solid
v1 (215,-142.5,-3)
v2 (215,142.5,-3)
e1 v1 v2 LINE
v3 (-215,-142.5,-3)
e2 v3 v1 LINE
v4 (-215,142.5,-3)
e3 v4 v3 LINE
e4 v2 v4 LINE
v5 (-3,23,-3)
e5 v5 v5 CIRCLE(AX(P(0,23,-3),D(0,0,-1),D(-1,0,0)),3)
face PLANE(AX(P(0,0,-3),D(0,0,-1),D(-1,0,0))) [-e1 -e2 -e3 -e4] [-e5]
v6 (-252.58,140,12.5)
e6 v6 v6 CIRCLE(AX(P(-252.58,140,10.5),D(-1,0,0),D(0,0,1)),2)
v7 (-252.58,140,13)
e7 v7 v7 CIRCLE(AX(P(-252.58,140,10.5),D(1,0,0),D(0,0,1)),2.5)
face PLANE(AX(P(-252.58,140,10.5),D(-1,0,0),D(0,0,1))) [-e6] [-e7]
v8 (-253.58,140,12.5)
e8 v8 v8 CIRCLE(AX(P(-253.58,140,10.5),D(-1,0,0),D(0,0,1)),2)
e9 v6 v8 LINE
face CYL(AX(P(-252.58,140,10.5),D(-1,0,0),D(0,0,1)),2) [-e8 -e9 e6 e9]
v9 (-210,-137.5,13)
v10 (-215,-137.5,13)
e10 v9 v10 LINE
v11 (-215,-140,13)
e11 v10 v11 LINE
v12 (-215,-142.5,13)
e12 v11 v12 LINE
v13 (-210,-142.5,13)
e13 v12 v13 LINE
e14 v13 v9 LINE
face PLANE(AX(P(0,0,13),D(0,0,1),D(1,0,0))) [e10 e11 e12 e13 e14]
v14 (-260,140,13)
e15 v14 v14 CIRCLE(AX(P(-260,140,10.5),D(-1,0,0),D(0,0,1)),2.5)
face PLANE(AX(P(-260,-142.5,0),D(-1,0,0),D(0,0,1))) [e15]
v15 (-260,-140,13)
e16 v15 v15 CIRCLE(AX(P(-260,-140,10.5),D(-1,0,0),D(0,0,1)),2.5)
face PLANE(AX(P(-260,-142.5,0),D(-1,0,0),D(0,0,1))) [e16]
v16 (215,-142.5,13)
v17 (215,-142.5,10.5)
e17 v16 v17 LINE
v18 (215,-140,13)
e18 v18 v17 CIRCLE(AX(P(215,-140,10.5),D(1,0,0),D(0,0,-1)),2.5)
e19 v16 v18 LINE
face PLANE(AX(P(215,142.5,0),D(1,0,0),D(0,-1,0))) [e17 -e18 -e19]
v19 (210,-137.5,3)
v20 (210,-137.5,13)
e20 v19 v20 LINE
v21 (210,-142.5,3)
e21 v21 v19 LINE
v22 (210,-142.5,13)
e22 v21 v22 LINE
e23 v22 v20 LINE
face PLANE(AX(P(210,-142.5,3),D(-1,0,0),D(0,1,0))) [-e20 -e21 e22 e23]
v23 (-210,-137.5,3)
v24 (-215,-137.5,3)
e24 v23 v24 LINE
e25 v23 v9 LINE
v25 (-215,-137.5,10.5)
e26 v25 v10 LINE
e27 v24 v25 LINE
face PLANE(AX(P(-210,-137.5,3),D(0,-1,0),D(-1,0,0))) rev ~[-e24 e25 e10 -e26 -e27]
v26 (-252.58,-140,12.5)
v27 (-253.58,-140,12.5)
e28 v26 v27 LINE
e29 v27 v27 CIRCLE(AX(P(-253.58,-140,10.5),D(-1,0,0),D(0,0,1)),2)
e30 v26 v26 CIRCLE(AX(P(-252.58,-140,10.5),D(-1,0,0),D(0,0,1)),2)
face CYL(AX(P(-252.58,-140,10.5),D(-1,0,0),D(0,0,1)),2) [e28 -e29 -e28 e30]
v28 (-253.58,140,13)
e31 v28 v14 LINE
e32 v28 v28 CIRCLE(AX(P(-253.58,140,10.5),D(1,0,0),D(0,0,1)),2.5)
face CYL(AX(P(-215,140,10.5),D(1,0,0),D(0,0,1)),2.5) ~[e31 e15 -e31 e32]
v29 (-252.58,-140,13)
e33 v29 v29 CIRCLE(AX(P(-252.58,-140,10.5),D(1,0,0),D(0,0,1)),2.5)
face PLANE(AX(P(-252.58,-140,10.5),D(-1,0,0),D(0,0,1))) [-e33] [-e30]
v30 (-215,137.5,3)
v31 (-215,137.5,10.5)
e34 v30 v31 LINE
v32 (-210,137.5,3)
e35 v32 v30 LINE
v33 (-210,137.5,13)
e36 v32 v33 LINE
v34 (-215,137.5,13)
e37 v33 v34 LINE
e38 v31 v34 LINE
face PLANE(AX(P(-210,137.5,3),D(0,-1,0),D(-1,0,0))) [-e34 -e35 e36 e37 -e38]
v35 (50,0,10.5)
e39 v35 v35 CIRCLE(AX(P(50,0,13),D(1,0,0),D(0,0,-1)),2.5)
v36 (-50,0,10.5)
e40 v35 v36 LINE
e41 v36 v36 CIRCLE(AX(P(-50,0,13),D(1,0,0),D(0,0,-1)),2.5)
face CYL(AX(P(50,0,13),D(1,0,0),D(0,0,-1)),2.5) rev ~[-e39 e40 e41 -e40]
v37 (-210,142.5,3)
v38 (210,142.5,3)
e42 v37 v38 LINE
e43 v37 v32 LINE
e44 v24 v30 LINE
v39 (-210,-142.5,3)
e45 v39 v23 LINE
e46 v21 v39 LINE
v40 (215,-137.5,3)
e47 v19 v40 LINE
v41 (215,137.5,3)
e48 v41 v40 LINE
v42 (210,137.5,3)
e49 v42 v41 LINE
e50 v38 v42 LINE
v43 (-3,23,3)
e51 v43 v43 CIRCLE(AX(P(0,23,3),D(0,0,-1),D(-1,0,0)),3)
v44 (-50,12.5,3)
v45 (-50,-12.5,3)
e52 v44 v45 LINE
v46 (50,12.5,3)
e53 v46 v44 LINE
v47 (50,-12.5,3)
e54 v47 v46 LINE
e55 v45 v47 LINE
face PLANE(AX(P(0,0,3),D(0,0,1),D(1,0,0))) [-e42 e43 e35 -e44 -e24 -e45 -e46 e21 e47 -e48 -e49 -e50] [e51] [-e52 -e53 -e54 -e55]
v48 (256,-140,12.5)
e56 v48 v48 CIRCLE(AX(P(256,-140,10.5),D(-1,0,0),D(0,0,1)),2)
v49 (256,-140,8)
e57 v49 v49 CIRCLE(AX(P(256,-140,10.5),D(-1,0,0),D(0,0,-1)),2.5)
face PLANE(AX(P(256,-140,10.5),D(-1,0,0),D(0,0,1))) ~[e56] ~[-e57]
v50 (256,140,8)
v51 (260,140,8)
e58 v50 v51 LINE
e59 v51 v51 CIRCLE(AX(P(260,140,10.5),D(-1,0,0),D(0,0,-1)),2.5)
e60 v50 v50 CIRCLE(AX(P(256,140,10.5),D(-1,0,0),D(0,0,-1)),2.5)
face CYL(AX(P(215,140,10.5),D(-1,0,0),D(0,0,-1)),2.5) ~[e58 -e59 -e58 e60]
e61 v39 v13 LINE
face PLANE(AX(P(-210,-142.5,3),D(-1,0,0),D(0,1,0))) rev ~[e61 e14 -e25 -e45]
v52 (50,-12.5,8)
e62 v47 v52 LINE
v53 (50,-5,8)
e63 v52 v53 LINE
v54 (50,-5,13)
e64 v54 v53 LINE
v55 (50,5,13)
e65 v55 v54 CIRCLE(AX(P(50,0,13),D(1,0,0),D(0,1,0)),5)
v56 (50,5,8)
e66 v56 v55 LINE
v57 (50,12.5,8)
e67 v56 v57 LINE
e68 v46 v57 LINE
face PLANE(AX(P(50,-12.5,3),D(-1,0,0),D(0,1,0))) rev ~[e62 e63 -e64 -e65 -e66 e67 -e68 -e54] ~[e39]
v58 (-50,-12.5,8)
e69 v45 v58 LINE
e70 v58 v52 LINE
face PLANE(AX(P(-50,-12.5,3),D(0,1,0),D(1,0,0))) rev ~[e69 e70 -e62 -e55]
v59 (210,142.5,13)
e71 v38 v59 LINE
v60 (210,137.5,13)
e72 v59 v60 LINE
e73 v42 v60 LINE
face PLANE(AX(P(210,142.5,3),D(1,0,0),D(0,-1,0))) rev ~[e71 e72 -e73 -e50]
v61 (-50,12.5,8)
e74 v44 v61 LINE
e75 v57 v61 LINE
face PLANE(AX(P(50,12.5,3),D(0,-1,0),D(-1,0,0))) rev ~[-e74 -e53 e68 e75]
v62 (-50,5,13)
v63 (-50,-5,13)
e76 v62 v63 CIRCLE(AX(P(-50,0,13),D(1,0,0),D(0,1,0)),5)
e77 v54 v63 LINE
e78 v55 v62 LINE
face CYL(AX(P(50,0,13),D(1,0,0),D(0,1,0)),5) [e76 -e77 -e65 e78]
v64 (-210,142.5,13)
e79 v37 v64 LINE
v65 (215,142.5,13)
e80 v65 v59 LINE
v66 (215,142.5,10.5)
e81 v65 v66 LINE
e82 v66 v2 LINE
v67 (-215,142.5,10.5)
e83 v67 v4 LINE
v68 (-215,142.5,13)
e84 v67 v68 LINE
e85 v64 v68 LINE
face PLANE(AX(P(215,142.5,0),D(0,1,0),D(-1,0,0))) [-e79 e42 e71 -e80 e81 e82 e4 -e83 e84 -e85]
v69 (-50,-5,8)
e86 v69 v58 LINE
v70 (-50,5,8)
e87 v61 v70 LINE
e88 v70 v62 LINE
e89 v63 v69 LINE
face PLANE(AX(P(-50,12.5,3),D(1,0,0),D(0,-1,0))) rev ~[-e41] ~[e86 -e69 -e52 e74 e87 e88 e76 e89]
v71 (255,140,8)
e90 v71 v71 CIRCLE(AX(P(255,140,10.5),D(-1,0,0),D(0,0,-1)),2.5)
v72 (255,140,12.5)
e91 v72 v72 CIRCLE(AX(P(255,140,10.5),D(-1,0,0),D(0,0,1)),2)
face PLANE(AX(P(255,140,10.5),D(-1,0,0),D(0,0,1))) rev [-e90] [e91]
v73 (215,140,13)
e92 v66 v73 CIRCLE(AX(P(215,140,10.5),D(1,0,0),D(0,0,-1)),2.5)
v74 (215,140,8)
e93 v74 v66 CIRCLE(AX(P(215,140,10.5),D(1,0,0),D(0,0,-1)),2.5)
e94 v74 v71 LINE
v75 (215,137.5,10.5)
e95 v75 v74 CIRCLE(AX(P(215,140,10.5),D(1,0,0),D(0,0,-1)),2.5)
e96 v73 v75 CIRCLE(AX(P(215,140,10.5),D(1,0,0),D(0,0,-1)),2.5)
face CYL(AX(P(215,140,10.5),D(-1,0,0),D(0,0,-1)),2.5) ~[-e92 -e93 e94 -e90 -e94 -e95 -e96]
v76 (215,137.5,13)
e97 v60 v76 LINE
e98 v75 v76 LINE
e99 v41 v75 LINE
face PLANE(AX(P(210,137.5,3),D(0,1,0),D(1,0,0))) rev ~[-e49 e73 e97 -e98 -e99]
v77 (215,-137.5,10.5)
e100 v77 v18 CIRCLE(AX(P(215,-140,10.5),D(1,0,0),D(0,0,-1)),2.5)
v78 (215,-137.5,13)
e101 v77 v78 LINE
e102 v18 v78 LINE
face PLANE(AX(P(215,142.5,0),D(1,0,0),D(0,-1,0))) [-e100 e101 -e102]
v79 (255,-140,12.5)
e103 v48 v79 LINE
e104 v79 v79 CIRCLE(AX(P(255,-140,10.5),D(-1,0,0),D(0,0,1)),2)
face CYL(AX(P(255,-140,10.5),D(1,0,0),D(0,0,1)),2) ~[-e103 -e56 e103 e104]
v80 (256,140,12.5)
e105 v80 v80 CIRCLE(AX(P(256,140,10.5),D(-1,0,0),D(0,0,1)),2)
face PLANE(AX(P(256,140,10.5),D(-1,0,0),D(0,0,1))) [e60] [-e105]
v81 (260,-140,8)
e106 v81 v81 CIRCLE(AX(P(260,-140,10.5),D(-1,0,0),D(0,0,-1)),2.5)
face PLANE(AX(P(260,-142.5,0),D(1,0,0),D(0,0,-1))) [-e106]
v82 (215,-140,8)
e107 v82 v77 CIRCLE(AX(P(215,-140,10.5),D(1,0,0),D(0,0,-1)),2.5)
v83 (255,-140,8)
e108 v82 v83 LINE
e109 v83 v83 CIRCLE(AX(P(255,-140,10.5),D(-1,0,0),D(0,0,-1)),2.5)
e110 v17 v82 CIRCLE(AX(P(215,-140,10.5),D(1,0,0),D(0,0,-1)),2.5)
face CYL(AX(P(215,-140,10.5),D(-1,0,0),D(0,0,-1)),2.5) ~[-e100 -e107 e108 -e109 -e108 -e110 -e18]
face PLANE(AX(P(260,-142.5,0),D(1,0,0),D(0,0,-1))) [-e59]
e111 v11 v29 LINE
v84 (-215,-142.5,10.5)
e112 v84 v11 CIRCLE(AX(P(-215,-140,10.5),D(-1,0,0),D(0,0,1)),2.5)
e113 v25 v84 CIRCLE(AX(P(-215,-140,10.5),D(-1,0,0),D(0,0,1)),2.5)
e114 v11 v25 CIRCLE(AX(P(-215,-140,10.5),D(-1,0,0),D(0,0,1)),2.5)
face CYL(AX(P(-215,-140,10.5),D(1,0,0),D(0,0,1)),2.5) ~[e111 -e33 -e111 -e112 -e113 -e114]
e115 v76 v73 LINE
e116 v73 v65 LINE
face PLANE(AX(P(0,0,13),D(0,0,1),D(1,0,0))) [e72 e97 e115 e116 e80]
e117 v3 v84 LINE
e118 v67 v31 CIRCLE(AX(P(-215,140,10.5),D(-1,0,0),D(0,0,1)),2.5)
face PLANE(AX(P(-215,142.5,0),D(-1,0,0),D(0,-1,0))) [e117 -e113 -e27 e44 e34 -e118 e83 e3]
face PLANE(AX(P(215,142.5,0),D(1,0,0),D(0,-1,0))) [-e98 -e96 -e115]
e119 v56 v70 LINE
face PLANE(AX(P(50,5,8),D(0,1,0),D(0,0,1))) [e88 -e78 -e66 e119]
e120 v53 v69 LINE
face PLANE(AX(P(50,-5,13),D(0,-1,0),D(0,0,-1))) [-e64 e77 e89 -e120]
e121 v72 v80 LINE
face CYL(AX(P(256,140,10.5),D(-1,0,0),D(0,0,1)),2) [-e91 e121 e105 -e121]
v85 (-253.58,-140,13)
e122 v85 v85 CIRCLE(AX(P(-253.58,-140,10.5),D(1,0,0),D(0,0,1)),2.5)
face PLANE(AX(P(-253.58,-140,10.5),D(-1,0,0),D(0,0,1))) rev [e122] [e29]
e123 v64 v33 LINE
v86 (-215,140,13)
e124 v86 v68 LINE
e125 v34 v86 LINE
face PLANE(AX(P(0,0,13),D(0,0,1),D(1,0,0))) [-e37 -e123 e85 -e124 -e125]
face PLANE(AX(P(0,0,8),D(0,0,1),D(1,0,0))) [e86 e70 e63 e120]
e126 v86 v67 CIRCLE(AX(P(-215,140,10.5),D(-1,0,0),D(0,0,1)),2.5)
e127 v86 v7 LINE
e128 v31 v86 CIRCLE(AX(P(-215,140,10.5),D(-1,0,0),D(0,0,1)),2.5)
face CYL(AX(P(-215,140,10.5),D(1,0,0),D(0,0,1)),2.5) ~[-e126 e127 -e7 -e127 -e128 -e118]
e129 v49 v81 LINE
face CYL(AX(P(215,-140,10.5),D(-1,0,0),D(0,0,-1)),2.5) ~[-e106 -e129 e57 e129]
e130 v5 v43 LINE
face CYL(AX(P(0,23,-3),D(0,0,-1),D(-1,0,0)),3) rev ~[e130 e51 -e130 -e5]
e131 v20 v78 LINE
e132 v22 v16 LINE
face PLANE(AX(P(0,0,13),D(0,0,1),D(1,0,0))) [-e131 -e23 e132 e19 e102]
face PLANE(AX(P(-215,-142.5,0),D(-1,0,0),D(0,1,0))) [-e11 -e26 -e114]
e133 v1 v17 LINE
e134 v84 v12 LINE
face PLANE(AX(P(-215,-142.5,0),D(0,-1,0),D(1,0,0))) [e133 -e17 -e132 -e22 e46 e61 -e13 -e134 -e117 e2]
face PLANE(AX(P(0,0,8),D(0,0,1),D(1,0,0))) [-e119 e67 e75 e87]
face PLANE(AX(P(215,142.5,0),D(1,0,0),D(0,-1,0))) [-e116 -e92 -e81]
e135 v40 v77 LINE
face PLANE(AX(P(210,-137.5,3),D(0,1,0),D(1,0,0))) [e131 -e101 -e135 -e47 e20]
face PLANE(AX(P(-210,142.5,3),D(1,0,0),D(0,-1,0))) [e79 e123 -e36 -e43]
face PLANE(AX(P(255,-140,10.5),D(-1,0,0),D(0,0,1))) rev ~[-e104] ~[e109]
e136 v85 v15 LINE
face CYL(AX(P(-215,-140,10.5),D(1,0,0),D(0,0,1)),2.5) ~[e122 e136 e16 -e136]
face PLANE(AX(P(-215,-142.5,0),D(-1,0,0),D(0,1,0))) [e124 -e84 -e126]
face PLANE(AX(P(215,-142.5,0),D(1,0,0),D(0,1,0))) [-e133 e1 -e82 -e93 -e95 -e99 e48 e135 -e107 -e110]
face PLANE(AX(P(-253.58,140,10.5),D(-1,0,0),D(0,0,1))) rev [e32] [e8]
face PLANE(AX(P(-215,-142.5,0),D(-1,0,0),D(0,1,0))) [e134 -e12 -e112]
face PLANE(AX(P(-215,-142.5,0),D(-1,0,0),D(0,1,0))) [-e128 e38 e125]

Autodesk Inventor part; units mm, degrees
ref_plane "YZ Plane" through (0, 0, 0) normal (1, 0, 0) x (0, 1, 0)
ref_plane "XZ Plane" through (0, 0, 0) normal (0, 1, 0) x (-1, 0, 0)
sketch "Boceto1" plane through (0, 0, 0) normal (0, 0, 1) x (1, 0, 0)
  line L0 (-215, 142.5) -> (215, 142.5)
  line L1 (215, 142.5) -> (215, -142.5)
  line L2 (215, -142.5) -> (-215, -142.5)
  line L3 (-215, -142.5) -> (-215, 142.5)
  line L4 (-215, 142.5) -> (215, -142.5) construction
  line L5 (215, 142.5) -> (-215, -142.5) construction
  point P0 (0, 0)
  dimension "d0" = 430
  dimension "d1" = 285
extrude "Extrusión1" add sketch "Boceto1" along normal blind 3
sketch "Boceto2" plane through (0, 0, 3) normal (0, 0, 1) x (1, 0, 0)
  line L0 (-50, -12.5) -> (50, -12.5)
  line L1 (50, -12.5) -> (50, 12.5)
  line L2 (50, 12.5) -> (-50, 12.5)
  line L3 (-50, 12.5) -> (-50, -12.5)
  line L4 (-50, -12.5) -> (50, 12.5) construction
  line L5 (50, -12.5) -> (-50, 12.5) construction
  point P0 (0, 0)
  dimension "d4" = 100
  dimension "d5" = 25
extrude "Extrusión2" add sketch "Boceto2" along normal blind 5
sketch "Boceto3" plane through (50, -12.5, 3) normal (1, 0, 0) x (0, 0, -1)
  line L0 (-5, 0) -> (-5, 12.5)
  arc A0 (-10, 17.5) -> (-10, 7.5) centre (-10, 12.5) ccw
  circle A1 centre (-10, 12.5) radius 2.5
  line L1 (-5, 0) -> (-5, 25) projected
  line L2 (-10, 7.5) -> (-5, 7.5)
  line L3 (-5, 7.5) -> (-5, 17.5)
  line L4 (-5, 17.5) -> (-10, 17.5)
  point P0 (3, 12.5)
  dimension "d10" = 5
extrude "Extrusión3" add sketch "Boceto3" against normal blind 100
sketch "Boceto13" plane through (0, 0, 3) normal (0, 0, 1) x (1, 0, 0)
  line L0 (215, 142.5) -> (-215, 142.5) projected
  line L1 (-215, 142.5) -> (-210, 142.5)
  line L2 (-210, 142.5) -> (-210, 137.5)
  line L3 (-210, 137.5) -> (-215, 137.5)
  line L4 (-215, 137.5) -> (-215, 142.5)
  line L5 (215, -142.5) -> (215, 142.5) projected
  line L6 (215, 142.5) -> (210, 142.5)
  line L7 (210, 142.5) -> (210, 137.5)
  line L8 (210, 137.5) -> (215, 137.5)
  line L9 (215, 137.5) -> (215, 142.5)
  line L10 (-215, -142.5) -> (215, -142.5) projected
  line L11 (215, -142.5) -> (210, -142.5)
  line L12 (210, -142.5) -> (210, -137.5)
  line L13 (210, -137.5) -> (215, -137.5)
  line L14 (215, -137.5) -> (215, -142.5)
  line L15 (-215, -142.5) -> (-210, -142.5)
  line L16 (-210, -142.5) -> (-210, -137.5)
  line L17 (-210, -137.5) -> (-215, -137.5)
  line L18 (-215, -137.5) -> (-215, -142.5)
  point P0 (0, 0)
  dimension "d39" = 5
  dimension "d40" = 5
  dimension "d41" = 5
  dimension "d42" = 5
  dimension "d43" = 5
  dimension "d44" = 5
  dimension "d45" = 5
  dimension "d46" = 5
extrude "Extrusión10" add sketch "Boceto13" along normal blind 10
sketch "Boceto16" plane through (-215, -142.5, 0) normal (-1, 0, 0) x (0, 0, 1)
  line L0 (13, 5) -> (13, 0) projected
  circle A0 centre (10.5, 2.5) radius 2.5
  line L1 (13, 285) -> (13, 280) projected
  circle A1 centre (10.5, 282.5) radius 2.5
  point P0 (0, 142.5)
extrude "Extrusión13" add sketch "Boceto16" along normal blind 45
sketch "Boceto17" plane through (215, -142.5, 0) normal (1, 0, 0) x (0, 0, -1)
  line L0 (-13, 280) -> (-13, 285) projected
  circle A0 centre (-10.5, 282.5) radius 2.5
  line L1 (-13, 0) -> (-13, 5) projected
  circle A1 centre (-10.5, 2.5) radius 2.5
  point P0 (0, 142.5)
extrude "Extrusión14" add sketch "Boceto17" along normal blind 45
ref_plane "Plano de trabajo3" through (-215, 140, 0) normal (0, 1, 0) x (1, 0, 0)
sketch "Boceto18" plane through (-215, 140, 0) normal (0, 1, 0) x (1, 0, 0)
  line L0 (475, -13) -> (475, -8) projected
  line L1 (475, -10.5) -> (470.5, -10.5)
  line L2 (470.5, -10.5) -> (470.5, -13)
  line L3 (430, -13) -> (475, -13) projected
  line L4 (470, -13.5) -> (471, -13.5)
  line L5 (471, -13.5) -> (471, -12.5)
  line L6 (471, -12.5) -> (470, -12.5)
  line L7 (470, -12.5) -> (470, -13.5)
  line L8 (470, -13.5) -> (471, -12.5) construction
  line L9 (471, -13.5) -> (470, -12.5) construction
  line L10 (-45, -8) -> (-45, -13) projected
  line L11 (-45, -10.5) -> (-38.08, -10.5)
  line L12 (-38.08, -10.5) -> (-38.08, -13)
  line L13 (0, -13) -> (-45, -13) projected
  line L14 (-38.58, -13.5) -> (-37.58, -13.5)
  line L15 (-37.58, -13.5) -> (-37.58, -12.5)
  line L16 (-37.58, -12.5) -> (-38.58, -12.5)
  line L17 (-38.58, -12.5) -> (-38.58, -13.5)
  line L18 (-38.58, -13.5) -> (-37.58, -12.5) construction
  line L19 (-37.58, -13.5) -> (-38.58, -12.5) construction
  point P0 (215, 0)
  point P1 (470, -13)
  point P2 (471, -13)
  dimension "d68" = 4.5
  dimension "d69" = 1
  dimension "d70" = 1
  dimension "d72" = 6.92
  dimension "d73" = 1
  dimension "d74" = 1
revolve "Revolución1" cut sketch "Boceto18" angle 360 about axis through (260, 140, 10.5) along (-1, 0, 0) contours L3 L2 L6 L5 | L3 L7 L6 L2 | L17 L16 L12 L13 | L13 L15 L14 L17 | L16 L15 L13 L12
ref_plane "Plano de trabajo4" through (210, -140, 3) normal (0, 1, 0) x (1, 0, 0)
sketch "Boceto19" plane through (210, -140, 3) normal (0, 1, 0) x (1, 0, 0)
  line L0 (50, -10) -> (50, -5) projected
  line L1 (50, -7.5) -> (45.5, -7.5)
  line L2 (45.5, -7.5) -> (45.5, -10)
  line L3 (5, -10) -> (50, -10) projected
  line L4 (46, -10.5) -> (45, -10.5)
  line L5 (45, -10.5) -> (45, -9.5)
  line L6 (45, -9.5) -> (46, -9.5)
  line L7 (46, -9.5) -> (46, -10.5)
  line L8 (46, -10.5) -> (45, -9.5) construction
  line L9 (45, -10.5) -> (46, -9.5) construction
  line L10 (-470, -5) -> (-470, -10) projected
  line L11 (-470, -7.5) -> (-463.08, -7.5)
  line L12 (-463.08, -7.5) -> (-463.08, -10)
  line L13 (-462.58, -10) -> (-462.58, -5) projected
  line L14 (-463.58, -10.5) -> (-462.58, -10.5)
  line L15 (-462.58, -10.5) -> (-462.58, -9.5)
  line L16 (-462.58, -9.5) -> (-463.58, -9.5)
  line L17 (-463.58, -9.5) -> (-463.58, -10.5)
  line L18 (-463.58, -10.5) -> (-462.58, -9.5) construction
  line L19 (-462.58, -10.5) -> (-463.58, -9.5) construction
  point P0 (-210, 3)
  dimension "d76" = 4.5
  dimension "d77" = 1
  dimension "d78" = 1
  dimension "d79" = 6.92
  dimension "d80" = 1
revolve "Revolución2" cut sketch "Boceto19" angle 360 about axis through (260, -140, 10.5) along (-1, 0, 0) contours L7 L4 L5 L3 | L3 L2 L6 L7 | L3 L5 L6 L2 | L15 L14 L17 L16 L13
sketch "Sketch20" plane through (0, 0, 0) normal (0, 0, -1) x (-1, 0, 0)
  line L0 (215, 142.5) -> (215, -142.5) projected
  line L1 (215, -142.5) -> (-215, -142.5) projected
  line L2 (-215, 142.5) -> (215, 142.5) projected
  line L3 (-215, -142.5) -> (-215, 142.5) projected
  point P0 (0, 0)
extrude "Extrusion15" add sketch "Sketch20" along normal blind 3
sketch "Sketch22" plane through (0, 0, -3) normal (0, 0, -1) x (-1, 0, 0)
  line L0 (0, 0) -> (0, 23) construction
  circle A0 centre (0, 23) radius 3
  dimension "d84" = 23
  dimension "d85" = 6
extrude "Extrusion16" cut sketch "Sketch22" against normal blind 6
properties part number "Bandeja"
